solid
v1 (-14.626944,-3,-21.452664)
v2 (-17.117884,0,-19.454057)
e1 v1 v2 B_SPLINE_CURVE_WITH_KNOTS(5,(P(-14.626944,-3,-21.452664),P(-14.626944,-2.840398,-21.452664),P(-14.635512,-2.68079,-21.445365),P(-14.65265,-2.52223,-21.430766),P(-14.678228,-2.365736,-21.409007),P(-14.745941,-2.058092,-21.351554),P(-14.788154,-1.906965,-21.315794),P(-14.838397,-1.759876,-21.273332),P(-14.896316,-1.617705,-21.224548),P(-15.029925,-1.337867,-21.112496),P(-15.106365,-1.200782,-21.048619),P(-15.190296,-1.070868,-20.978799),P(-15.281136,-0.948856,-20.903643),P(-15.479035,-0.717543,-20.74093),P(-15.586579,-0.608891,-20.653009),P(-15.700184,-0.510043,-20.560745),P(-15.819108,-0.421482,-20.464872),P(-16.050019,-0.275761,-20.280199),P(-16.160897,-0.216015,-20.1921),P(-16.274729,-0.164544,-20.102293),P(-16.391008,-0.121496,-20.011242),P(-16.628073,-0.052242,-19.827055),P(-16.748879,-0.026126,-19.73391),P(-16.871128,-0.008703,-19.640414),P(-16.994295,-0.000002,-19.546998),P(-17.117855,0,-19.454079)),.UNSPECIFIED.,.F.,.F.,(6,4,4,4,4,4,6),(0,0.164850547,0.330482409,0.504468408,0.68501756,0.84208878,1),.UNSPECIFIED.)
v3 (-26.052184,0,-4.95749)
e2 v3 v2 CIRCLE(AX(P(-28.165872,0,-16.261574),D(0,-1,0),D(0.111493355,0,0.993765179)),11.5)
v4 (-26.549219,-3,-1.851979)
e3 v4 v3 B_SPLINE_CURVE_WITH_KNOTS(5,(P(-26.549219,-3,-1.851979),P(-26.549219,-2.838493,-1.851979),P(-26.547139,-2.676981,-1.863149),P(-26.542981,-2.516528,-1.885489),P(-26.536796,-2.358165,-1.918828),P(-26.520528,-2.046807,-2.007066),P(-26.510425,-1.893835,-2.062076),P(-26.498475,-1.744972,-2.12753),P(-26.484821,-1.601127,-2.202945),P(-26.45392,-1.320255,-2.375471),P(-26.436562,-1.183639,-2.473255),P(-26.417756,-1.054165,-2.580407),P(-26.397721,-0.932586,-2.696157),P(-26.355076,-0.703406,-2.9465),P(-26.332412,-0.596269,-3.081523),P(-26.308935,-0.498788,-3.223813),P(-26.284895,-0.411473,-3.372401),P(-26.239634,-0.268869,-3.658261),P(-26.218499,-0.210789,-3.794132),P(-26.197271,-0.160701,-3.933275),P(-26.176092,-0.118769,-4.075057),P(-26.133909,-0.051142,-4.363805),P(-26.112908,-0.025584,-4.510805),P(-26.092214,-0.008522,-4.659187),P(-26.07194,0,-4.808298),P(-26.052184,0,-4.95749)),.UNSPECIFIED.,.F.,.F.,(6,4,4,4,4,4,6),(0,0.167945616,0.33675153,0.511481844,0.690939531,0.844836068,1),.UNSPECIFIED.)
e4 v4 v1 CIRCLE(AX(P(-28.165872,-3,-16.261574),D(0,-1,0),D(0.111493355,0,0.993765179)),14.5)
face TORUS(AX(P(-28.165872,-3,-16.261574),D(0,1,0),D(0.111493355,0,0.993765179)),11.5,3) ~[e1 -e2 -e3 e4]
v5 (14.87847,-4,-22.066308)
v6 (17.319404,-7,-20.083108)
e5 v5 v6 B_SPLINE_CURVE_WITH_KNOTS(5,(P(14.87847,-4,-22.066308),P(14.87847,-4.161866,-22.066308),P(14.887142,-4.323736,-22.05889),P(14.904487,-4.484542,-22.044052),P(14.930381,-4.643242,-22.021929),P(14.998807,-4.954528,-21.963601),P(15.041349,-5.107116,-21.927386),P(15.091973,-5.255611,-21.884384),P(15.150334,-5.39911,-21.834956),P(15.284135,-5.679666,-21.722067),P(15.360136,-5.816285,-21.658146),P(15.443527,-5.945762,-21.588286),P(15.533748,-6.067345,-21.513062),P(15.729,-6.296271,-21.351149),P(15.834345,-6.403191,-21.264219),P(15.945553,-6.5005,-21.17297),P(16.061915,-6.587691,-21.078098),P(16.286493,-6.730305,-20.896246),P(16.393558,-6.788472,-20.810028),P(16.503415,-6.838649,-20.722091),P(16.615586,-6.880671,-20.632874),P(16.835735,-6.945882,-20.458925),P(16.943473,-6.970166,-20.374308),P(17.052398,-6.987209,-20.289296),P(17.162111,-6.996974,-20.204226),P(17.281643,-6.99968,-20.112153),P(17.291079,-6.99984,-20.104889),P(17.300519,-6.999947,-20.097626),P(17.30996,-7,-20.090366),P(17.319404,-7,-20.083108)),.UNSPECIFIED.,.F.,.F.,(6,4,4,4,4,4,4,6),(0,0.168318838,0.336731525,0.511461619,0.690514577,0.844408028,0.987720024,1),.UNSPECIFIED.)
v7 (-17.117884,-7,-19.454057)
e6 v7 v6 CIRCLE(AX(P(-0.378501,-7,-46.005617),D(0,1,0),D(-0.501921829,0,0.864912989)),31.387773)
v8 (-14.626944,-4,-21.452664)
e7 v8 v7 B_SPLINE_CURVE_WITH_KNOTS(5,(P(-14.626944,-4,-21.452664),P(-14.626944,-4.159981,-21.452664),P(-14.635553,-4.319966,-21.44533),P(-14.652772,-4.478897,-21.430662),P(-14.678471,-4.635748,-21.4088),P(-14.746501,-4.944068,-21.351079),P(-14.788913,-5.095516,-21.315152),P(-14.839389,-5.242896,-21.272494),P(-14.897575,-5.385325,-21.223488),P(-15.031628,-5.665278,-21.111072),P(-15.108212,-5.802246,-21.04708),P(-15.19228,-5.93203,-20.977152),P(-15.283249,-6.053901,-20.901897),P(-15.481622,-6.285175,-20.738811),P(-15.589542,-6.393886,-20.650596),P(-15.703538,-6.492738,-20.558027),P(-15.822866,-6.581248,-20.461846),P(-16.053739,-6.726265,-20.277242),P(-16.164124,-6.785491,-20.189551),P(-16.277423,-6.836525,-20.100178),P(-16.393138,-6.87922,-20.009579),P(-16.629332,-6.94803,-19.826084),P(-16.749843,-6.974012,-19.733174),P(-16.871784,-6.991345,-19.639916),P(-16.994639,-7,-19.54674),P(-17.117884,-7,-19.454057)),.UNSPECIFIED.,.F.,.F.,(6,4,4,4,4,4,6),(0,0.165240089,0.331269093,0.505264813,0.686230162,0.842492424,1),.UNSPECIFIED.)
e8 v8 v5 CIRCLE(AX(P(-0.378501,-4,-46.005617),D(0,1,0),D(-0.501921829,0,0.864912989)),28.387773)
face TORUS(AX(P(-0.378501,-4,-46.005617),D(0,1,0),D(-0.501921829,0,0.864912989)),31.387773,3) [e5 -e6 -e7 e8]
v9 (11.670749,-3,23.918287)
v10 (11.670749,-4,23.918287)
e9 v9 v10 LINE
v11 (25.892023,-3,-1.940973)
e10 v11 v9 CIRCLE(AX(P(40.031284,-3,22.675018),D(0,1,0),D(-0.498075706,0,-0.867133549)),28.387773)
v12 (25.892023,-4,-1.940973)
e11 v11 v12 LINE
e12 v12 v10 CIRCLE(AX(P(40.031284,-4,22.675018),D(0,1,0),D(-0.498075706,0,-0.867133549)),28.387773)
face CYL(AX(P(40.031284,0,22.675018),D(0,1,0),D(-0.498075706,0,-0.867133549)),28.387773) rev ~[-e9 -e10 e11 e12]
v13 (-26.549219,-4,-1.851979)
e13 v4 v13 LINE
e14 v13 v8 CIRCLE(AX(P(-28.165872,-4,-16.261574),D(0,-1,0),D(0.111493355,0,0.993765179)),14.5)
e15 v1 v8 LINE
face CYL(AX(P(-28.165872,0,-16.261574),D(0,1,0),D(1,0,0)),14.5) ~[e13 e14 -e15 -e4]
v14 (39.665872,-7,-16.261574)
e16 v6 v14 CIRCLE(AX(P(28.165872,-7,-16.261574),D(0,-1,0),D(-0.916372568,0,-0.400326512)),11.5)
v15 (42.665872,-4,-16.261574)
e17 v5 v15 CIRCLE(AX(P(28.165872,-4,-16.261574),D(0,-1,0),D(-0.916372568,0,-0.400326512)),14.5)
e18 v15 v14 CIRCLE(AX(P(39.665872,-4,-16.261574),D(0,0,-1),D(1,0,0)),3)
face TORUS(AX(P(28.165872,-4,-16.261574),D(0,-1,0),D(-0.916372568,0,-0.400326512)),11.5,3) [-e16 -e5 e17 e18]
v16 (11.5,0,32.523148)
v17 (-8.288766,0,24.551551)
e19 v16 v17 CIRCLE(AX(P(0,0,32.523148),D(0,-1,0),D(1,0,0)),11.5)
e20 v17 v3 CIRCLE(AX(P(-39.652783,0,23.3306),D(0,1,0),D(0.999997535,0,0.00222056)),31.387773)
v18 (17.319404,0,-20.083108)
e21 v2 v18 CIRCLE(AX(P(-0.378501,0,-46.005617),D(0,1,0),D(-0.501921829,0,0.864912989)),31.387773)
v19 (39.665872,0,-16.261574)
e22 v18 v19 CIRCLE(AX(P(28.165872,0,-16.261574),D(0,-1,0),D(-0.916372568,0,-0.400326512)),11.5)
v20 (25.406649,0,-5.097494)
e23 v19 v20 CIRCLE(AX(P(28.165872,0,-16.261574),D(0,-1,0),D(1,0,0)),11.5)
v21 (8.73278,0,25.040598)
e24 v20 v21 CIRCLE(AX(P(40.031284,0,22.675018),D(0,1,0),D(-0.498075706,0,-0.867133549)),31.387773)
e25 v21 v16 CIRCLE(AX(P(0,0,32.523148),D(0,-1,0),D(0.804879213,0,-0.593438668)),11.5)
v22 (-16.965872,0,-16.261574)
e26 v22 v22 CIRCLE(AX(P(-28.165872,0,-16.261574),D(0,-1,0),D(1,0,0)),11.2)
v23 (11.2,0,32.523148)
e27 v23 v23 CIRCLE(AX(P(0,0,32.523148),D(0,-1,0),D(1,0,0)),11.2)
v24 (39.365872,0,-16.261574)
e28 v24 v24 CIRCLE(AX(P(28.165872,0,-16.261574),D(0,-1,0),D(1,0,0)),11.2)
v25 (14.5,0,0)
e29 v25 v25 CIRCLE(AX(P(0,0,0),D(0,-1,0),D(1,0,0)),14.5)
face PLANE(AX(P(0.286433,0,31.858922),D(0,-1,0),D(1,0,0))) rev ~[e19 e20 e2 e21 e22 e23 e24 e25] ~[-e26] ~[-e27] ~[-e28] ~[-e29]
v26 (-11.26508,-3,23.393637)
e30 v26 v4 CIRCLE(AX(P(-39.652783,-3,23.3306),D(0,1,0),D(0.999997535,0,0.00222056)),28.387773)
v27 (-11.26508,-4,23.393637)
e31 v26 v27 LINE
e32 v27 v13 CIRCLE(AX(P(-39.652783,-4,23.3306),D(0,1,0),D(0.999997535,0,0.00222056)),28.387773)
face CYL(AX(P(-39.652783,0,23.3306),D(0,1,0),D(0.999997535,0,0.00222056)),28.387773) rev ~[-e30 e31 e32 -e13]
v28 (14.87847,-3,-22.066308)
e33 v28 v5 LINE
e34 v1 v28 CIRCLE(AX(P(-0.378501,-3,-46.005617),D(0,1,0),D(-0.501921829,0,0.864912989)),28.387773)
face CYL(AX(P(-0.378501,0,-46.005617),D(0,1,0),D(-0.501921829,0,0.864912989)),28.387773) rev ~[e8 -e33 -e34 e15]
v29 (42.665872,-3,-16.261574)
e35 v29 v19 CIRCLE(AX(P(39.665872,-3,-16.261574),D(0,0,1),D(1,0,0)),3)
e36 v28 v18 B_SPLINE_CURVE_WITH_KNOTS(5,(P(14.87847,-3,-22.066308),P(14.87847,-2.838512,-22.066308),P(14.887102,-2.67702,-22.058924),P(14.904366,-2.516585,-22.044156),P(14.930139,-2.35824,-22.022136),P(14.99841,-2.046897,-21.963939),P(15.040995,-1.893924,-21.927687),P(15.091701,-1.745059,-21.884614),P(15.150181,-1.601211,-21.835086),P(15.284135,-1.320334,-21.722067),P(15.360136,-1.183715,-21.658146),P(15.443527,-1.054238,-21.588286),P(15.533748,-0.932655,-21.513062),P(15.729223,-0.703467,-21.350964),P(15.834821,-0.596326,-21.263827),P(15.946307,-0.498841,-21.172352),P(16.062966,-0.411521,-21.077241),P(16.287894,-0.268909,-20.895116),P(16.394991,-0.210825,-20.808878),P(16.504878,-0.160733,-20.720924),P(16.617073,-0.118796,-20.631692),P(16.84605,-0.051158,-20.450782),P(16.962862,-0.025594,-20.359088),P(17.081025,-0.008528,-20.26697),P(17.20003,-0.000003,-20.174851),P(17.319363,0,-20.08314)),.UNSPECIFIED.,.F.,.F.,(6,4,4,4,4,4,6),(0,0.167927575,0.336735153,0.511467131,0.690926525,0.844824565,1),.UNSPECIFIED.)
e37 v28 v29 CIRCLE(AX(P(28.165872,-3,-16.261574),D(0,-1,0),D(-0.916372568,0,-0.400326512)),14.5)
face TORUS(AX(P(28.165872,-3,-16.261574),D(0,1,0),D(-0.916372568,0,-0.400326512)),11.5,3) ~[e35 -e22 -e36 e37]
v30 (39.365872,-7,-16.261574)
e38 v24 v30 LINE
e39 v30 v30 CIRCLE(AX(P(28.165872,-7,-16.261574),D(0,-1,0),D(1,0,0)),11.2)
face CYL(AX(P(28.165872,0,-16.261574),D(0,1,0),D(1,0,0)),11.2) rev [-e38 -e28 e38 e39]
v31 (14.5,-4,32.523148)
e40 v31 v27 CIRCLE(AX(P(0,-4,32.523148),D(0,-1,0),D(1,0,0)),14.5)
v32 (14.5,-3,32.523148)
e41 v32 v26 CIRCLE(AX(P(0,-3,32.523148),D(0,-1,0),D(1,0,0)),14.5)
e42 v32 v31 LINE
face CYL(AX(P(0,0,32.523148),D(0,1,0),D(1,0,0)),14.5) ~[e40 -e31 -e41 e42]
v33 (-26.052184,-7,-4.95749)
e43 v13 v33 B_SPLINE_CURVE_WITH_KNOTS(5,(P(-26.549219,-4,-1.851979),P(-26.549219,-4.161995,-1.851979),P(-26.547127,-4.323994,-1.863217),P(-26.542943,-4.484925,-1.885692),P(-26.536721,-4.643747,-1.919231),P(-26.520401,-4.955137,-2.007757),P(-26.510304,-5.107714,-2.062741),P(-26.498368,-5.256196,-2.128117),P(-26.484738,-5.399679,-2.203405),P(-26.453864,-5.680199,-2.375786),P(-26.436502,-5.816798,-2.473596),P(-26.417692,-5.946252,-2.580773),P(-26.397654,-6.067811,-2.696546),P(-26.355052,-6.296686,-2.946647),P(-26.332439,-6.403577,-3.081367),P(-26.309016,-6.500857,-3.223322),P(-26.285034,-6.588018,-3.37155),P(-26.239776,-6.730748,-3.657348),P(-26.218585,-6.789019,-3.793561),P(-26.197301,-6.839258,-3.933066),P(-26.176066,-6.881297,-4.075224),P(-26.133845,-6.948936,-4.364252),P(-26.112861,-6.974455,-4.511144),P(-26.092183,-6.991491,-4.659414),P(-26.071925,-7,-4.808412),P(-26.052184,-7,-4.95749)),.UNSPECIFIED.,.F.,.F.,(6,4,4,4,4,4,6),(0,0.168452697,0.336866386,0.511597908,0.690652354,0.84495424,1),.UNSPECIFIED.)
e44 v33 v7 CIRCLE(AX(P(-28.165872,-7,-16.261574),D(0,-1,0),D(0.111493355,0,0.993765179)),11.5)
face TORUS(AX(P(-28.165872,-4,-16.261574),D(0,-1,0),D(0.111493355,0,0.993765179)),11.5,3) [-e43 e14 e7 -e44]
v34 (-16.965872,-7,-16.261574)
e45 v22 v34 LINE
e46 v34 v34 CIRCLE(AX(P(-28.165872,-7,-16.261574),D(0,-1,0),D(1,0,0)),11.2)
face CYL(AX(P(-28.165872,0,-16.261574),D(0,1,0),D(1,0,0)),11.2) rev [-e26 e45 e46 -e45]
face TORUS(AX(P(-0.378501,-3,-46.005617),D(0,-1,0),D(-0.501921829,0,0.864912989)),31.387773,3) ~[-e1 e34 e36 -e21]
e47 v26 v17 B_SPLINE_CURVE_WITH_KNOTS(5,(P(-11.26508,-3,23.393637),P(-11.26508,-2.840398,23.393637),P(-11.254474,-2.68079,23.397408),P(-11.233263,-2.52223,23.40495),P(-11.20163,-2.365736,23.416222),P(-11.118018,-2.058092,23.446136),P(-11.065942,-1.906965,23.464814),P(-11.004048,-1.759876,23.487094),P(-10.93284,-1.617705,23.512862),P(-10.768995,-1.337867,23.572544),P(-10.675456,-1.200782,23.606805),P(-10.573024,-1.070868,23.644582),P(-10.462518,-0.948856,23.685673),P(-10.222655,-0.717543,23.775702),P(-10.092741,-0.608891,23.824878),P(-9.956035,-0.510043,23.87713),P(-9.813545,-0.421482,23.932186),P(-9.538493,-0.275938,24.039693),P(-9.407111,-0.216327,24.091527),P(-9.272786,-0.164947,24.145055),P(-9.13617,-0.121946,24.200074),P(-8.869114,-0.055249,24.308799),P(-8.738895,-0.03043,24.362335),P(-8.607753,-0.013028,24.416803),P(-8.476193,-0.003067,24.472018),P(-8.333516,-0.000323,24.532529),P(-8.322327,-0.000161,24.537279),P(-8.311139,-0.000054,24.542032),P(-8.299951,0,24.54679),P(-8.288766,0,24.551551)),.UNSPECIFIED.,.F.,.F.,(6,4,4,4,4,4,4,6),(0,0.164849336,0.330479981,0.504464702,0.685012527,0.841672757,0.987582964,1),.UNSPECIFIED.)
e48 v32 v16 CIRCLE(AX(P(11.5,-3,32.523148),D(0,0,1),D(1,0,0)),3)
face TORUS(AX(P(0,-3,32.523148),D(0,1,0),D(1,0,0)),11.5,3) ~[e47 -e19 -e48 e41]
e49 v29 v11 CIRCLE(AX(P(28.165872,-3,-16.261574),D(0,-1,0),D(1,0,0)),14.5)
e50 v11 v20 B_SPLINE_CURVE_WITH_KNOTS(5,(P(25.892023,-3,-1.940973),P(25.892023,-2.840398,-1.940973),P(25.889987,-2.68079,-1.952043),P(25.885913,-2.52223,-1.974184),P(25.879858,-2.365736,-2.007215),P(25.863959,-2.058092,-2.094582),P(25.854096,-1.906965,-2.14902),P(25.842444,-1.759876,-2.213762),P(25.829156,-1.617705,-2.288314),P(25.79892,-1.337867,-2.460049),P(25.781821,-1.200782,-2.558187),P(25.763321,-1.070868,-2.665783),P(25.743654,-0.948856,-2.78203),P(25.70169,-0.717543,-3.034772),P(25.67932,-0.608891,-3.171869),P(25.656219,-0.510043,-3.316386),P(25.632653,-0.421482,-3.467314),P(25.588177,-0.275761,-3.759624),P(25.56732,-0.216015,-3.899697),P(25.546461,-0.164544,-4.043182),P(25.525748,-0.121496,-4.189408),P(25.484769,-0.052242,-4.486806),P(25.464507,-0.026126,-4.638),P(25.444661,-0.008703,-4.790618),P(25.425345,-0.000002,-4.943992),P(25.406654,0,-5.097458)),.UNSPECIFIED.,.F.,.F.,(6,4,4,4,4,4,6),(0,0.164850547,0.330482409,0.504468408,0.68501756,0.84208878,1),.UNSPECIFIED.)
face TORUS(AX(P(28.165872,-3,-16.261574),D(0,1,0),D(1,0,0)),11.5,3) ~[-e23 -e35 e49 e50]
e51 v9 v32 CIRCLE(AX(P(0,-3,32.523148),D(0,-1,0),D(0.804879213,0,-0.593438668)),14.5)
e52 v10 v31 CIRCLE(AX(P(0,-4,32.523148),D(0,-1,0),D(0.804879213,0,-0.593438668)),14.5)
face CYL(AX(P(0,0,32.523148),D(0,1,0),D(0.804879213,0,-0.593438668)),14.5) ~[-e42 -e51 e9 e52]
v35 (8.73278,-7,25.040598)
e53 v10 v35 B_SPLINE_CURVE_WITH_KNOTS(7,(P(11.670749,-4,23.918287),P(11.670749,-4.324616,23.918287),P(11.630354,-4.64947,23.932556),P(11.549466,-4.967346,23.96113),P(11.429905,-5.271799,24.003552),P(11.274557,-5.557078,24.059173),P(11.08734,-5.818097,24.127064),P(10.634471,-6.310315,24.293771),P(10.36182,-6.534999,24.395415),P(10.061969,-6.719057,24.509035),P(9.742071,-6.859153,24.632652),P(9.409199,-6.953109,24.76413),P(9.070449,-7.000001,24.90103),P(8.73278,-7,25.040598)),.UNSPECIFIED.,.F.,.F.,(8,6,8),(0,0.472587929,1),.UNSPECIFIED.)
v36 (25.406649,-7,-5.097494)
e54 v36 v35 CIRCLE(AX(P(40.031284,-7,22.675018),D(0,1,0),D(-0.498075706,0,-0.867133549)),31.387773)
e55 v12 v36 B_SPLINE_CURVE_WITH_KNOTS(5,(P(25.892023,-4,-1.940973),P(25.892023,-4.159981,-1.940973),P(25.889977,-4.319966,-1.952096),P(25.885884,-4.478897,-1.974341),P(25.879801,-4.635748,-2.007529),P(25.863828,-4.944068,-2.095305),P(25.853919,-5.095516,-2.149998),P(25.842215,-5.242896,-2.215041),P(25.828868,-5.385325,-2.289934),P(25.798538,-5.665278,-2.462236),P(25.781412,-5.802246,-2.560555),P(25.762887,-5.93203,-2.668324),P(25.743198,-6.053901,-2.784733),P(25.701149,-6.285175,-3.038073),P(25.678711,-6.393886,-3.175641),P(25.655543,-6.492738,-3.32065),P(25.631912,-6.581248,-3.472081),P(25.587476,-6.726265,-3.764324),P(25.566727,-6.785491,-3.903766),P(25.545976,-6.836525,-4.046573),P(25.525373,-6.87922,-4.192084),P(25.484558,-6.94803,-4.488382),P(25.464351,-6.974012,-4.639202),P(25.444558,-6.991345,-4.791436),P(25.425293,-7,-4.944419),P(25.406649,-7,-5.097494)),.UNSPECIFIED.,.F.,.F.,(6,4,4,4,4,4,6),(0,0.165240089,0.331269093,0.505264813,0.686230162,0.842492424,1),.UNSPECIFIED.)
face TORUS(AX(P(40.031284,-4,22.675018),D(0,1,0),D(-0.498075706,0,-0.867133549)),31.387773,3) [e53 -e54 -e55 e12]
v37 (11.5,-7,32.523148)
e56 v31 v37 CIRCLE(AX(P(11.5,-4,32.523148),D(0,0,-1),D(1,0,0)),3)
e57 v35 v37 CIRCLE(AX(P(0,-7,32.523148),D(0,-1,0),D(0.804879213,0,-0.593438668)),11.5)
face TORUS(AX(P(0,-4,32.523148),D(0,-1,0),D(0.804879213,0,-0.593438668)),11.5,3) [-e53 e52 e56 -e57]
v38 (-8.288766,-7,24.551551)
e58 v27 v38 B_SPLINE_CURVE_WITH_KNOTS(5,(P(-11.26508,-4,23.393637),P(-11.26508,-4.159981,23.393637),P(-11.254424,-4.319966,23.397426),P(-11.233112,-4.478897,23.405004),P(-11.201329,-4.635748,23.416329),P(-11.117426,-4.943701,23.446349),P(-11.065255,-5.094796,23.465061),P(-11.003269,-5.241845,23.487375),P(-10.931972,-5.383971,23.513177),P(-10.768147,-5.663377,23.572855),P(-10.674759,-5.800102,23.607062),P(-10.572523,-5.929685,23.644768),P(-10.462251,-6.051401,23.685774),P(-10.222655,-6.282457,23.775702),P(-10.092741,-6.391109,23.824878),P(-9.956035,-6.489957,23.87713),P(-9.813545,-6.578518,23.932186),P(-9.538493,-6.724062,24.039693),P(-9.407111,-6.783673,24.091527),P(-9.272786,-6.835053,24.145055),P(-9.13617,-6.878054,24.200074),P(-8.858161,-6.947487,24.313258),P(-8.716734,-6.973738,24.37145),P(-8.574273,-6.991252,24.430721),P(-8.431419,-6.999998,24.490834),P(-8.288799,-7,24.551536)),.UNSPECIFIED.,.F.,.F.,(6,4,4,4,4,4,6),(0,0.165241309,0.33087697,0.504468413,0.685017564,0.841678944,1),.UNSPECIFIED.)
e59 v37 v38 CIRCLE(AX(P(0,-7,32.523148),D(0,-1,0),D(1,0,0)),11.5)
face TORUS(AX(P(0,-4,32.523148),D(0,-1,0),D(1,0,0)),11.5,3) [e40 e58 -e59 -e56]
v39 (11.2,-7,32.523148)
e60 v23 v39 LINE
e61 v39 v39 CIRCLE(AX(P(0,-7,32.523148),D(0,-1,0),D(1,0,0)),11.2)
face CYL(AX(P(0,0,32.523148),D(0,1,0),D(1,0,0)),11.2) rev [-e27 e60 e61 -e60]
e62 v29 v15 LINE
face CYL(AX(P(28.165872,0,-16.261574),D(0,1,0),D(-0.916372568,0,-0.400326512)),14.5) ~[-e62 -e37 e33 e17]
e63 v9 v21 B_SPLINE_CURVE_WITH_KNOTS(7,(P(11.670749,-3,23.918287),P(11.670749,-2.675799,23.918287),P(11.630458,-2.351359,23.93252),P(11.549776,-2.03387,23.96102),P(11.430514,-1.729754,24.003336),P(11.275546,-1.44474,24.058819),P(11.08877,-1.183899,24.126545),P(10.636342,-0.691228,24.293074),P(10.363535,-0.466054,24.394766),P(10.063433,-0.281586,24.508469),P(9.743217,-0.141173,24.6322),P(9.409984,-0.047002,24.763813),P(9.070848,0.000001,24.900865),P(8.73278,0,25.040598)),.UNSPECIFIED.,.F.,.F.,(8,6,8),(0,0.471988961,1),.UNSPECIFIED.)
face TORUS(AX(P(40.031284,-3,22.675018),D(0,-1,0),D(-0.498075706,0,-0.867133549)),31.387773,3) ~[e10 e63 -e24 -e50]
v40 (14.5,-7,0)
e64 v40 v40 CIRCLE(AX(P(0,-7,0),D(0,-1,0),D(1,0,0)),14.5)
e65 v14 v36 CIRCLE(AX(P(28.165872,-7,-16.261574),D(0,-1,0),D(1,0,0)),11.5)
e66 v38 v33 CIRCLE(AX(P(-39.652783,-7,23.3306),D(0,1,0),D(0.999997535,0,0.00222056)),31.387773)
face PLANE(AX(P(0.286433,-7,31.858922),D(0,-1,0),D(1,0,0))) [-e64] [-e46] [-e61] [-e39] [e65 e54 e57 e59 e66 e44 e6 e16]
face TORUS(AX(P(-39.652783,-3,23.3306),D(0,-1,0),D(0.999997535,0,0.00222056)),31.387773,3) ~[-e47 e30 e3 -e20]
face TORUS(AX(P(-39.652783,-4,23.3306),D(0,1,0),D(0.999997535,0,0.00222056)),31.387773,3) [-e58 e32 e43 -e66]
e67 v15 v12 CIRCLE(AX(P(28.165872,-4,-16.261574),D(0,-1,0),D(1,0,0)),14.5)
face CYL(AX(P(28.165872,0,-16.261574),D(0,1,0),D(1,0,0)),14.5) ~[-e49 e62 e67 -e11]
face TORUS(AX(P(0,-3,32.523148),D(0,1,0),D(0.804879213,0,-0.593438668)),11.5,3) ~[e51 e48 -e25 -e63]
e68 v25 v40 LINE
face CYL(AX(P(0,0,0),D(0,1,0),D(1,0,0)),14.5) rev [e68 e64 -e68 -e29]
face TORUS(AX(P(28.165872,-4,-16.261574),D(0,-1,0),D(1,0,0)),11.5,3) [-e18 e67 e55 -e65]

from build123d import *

# Parameters (mm, degrees)
F0_R     = 11.2
F0_R_2   = 14.5
F1_DEPTH = 7
F2_R     = 3


with BuildPart() as f1:
    # F0 (on Front) → F1 (new body)
    with BuildSketch(Plane.XZ):
        with BuildLine():
            ThreePointArc((11.6707485893, 23.9182870793), (13.7745390947, 27.9941221792), (14.5, 32.5231477618))
            ThreePointArc((14.5, 32.5231477618), (-4.8428473756, 46.1905114175), (-11.265079903, 23.3936365603))
            ThreePointArc((-11.265079903, 23.3936365603), (0.3315966111, 18.0269398547), (11.6707485893, 23.9182870793))
        make_face()
        with Locations((0, 32.5231477618)):
            Circle(F0_R, mode=Mode.SUBTRACT)
        with BuildLine():
            ThreePointArc((11.6707485893, 23.9182870793), (0.3315966111, 18.0269398547), (-11.265079903, 23.3936365603))
            ThreePointArc((-11.265079903, 23.3936365603), (-15.3687019287, 8.628590801), (-26.5492185203, -1.8519787801))
            ThreePointArc((-26.5492185203, -1.8519787801), (-17.3563514165, -6.5969858907), (-13.6658721728, -16.2615738809))
            ThreePointArc((-13.6658721728, -16.2615738809), (-13.9081643564, -18.9012268549), (-14.6269435966, -21.4526636518))
            ThreePointArc((-14.6269435966, -21.4526636518), (0.2117721318, -17.6239816939), (14.878469931, -22.0663082992))
            ThreePointArc((14.878469931, -22.0663082992), (15.4459895611, -9.3006410164), (25.8920234996, -1.9409729085))
            ThreePointArc((25.8920234996, -1.9409729085), (15.1569297969, 8.9953908929), (11.6707485893, 23.9182870793))
        make_face()
        Circle(F0_R_2, mode=Mode.SUBTRACT)
        with BuildLine():
            ThreePointArc((-13.6658721728, -16.2615738809), (-17.3563514165, -6.5969858907), (-26.5492185203, -1.8519787801))
            ThreePointArc((-26.5492185203, -1.8519787801), (-40.5541581733, -23.7968489236), (-14.6269435966, -21.4526636518))
            ThreePointArc((-14.6269435966, -21.4526636518), (-13.9081643564, -18.9012268549), (-13.6658721728, -16.2615738809))
        make_face()
        with Locations((-28.1658721728, -16.2615738809)):
            Circle(F0_R, mode=Mode.SUBTRACT)
        with BuildLine():
            ThreePointArc((42.6658721728, -16.2615738809), (37.5807326136, -5.2338631992), (25.8920234996, -1.9409729085))
            ThreePointArc((25.8920234996, -1.9409729085), (15.4459895611, -9.3006410164), (14.878469931, -22.0663082992))
            ThreePointArc((14.878469931, -22.0663082992), (31.1308905112, -30.4551874537), (42.6658721728, -16.2615738809))
        make_face()
        with Locations((28.1658721728, -16.2615738809)):
            Circle(F0_R, mode=Mode.SUBTRACT)
    extrude(amount=F1_DEPTH)

    # F2
    f2_edges = [f1.edges().sort_by_distance(p)[0] for p in [
        (0.211772, -7, -17.623982),
        (15.15693, -7, 8.995391),
        (-15.368702, -7, 8.628591),
        (40.885755, -7, -23.222507),
        (-40.554158, -7, -23.796849),
        (-0.331597, -7, 47.019356),
        (-15.368702, 0, 8.628591),
        (15.15693, 0, 8.995391),
        (0.211772, 0, -17.623982),
        (-0.331597, 0, 47.019356),
        (-40.554158, 0, -23.796849),
        (40.885755, 0, -23.222507),
    ]]
    fillet(f2_edges, radius=F2_R)


solid = f1.part
